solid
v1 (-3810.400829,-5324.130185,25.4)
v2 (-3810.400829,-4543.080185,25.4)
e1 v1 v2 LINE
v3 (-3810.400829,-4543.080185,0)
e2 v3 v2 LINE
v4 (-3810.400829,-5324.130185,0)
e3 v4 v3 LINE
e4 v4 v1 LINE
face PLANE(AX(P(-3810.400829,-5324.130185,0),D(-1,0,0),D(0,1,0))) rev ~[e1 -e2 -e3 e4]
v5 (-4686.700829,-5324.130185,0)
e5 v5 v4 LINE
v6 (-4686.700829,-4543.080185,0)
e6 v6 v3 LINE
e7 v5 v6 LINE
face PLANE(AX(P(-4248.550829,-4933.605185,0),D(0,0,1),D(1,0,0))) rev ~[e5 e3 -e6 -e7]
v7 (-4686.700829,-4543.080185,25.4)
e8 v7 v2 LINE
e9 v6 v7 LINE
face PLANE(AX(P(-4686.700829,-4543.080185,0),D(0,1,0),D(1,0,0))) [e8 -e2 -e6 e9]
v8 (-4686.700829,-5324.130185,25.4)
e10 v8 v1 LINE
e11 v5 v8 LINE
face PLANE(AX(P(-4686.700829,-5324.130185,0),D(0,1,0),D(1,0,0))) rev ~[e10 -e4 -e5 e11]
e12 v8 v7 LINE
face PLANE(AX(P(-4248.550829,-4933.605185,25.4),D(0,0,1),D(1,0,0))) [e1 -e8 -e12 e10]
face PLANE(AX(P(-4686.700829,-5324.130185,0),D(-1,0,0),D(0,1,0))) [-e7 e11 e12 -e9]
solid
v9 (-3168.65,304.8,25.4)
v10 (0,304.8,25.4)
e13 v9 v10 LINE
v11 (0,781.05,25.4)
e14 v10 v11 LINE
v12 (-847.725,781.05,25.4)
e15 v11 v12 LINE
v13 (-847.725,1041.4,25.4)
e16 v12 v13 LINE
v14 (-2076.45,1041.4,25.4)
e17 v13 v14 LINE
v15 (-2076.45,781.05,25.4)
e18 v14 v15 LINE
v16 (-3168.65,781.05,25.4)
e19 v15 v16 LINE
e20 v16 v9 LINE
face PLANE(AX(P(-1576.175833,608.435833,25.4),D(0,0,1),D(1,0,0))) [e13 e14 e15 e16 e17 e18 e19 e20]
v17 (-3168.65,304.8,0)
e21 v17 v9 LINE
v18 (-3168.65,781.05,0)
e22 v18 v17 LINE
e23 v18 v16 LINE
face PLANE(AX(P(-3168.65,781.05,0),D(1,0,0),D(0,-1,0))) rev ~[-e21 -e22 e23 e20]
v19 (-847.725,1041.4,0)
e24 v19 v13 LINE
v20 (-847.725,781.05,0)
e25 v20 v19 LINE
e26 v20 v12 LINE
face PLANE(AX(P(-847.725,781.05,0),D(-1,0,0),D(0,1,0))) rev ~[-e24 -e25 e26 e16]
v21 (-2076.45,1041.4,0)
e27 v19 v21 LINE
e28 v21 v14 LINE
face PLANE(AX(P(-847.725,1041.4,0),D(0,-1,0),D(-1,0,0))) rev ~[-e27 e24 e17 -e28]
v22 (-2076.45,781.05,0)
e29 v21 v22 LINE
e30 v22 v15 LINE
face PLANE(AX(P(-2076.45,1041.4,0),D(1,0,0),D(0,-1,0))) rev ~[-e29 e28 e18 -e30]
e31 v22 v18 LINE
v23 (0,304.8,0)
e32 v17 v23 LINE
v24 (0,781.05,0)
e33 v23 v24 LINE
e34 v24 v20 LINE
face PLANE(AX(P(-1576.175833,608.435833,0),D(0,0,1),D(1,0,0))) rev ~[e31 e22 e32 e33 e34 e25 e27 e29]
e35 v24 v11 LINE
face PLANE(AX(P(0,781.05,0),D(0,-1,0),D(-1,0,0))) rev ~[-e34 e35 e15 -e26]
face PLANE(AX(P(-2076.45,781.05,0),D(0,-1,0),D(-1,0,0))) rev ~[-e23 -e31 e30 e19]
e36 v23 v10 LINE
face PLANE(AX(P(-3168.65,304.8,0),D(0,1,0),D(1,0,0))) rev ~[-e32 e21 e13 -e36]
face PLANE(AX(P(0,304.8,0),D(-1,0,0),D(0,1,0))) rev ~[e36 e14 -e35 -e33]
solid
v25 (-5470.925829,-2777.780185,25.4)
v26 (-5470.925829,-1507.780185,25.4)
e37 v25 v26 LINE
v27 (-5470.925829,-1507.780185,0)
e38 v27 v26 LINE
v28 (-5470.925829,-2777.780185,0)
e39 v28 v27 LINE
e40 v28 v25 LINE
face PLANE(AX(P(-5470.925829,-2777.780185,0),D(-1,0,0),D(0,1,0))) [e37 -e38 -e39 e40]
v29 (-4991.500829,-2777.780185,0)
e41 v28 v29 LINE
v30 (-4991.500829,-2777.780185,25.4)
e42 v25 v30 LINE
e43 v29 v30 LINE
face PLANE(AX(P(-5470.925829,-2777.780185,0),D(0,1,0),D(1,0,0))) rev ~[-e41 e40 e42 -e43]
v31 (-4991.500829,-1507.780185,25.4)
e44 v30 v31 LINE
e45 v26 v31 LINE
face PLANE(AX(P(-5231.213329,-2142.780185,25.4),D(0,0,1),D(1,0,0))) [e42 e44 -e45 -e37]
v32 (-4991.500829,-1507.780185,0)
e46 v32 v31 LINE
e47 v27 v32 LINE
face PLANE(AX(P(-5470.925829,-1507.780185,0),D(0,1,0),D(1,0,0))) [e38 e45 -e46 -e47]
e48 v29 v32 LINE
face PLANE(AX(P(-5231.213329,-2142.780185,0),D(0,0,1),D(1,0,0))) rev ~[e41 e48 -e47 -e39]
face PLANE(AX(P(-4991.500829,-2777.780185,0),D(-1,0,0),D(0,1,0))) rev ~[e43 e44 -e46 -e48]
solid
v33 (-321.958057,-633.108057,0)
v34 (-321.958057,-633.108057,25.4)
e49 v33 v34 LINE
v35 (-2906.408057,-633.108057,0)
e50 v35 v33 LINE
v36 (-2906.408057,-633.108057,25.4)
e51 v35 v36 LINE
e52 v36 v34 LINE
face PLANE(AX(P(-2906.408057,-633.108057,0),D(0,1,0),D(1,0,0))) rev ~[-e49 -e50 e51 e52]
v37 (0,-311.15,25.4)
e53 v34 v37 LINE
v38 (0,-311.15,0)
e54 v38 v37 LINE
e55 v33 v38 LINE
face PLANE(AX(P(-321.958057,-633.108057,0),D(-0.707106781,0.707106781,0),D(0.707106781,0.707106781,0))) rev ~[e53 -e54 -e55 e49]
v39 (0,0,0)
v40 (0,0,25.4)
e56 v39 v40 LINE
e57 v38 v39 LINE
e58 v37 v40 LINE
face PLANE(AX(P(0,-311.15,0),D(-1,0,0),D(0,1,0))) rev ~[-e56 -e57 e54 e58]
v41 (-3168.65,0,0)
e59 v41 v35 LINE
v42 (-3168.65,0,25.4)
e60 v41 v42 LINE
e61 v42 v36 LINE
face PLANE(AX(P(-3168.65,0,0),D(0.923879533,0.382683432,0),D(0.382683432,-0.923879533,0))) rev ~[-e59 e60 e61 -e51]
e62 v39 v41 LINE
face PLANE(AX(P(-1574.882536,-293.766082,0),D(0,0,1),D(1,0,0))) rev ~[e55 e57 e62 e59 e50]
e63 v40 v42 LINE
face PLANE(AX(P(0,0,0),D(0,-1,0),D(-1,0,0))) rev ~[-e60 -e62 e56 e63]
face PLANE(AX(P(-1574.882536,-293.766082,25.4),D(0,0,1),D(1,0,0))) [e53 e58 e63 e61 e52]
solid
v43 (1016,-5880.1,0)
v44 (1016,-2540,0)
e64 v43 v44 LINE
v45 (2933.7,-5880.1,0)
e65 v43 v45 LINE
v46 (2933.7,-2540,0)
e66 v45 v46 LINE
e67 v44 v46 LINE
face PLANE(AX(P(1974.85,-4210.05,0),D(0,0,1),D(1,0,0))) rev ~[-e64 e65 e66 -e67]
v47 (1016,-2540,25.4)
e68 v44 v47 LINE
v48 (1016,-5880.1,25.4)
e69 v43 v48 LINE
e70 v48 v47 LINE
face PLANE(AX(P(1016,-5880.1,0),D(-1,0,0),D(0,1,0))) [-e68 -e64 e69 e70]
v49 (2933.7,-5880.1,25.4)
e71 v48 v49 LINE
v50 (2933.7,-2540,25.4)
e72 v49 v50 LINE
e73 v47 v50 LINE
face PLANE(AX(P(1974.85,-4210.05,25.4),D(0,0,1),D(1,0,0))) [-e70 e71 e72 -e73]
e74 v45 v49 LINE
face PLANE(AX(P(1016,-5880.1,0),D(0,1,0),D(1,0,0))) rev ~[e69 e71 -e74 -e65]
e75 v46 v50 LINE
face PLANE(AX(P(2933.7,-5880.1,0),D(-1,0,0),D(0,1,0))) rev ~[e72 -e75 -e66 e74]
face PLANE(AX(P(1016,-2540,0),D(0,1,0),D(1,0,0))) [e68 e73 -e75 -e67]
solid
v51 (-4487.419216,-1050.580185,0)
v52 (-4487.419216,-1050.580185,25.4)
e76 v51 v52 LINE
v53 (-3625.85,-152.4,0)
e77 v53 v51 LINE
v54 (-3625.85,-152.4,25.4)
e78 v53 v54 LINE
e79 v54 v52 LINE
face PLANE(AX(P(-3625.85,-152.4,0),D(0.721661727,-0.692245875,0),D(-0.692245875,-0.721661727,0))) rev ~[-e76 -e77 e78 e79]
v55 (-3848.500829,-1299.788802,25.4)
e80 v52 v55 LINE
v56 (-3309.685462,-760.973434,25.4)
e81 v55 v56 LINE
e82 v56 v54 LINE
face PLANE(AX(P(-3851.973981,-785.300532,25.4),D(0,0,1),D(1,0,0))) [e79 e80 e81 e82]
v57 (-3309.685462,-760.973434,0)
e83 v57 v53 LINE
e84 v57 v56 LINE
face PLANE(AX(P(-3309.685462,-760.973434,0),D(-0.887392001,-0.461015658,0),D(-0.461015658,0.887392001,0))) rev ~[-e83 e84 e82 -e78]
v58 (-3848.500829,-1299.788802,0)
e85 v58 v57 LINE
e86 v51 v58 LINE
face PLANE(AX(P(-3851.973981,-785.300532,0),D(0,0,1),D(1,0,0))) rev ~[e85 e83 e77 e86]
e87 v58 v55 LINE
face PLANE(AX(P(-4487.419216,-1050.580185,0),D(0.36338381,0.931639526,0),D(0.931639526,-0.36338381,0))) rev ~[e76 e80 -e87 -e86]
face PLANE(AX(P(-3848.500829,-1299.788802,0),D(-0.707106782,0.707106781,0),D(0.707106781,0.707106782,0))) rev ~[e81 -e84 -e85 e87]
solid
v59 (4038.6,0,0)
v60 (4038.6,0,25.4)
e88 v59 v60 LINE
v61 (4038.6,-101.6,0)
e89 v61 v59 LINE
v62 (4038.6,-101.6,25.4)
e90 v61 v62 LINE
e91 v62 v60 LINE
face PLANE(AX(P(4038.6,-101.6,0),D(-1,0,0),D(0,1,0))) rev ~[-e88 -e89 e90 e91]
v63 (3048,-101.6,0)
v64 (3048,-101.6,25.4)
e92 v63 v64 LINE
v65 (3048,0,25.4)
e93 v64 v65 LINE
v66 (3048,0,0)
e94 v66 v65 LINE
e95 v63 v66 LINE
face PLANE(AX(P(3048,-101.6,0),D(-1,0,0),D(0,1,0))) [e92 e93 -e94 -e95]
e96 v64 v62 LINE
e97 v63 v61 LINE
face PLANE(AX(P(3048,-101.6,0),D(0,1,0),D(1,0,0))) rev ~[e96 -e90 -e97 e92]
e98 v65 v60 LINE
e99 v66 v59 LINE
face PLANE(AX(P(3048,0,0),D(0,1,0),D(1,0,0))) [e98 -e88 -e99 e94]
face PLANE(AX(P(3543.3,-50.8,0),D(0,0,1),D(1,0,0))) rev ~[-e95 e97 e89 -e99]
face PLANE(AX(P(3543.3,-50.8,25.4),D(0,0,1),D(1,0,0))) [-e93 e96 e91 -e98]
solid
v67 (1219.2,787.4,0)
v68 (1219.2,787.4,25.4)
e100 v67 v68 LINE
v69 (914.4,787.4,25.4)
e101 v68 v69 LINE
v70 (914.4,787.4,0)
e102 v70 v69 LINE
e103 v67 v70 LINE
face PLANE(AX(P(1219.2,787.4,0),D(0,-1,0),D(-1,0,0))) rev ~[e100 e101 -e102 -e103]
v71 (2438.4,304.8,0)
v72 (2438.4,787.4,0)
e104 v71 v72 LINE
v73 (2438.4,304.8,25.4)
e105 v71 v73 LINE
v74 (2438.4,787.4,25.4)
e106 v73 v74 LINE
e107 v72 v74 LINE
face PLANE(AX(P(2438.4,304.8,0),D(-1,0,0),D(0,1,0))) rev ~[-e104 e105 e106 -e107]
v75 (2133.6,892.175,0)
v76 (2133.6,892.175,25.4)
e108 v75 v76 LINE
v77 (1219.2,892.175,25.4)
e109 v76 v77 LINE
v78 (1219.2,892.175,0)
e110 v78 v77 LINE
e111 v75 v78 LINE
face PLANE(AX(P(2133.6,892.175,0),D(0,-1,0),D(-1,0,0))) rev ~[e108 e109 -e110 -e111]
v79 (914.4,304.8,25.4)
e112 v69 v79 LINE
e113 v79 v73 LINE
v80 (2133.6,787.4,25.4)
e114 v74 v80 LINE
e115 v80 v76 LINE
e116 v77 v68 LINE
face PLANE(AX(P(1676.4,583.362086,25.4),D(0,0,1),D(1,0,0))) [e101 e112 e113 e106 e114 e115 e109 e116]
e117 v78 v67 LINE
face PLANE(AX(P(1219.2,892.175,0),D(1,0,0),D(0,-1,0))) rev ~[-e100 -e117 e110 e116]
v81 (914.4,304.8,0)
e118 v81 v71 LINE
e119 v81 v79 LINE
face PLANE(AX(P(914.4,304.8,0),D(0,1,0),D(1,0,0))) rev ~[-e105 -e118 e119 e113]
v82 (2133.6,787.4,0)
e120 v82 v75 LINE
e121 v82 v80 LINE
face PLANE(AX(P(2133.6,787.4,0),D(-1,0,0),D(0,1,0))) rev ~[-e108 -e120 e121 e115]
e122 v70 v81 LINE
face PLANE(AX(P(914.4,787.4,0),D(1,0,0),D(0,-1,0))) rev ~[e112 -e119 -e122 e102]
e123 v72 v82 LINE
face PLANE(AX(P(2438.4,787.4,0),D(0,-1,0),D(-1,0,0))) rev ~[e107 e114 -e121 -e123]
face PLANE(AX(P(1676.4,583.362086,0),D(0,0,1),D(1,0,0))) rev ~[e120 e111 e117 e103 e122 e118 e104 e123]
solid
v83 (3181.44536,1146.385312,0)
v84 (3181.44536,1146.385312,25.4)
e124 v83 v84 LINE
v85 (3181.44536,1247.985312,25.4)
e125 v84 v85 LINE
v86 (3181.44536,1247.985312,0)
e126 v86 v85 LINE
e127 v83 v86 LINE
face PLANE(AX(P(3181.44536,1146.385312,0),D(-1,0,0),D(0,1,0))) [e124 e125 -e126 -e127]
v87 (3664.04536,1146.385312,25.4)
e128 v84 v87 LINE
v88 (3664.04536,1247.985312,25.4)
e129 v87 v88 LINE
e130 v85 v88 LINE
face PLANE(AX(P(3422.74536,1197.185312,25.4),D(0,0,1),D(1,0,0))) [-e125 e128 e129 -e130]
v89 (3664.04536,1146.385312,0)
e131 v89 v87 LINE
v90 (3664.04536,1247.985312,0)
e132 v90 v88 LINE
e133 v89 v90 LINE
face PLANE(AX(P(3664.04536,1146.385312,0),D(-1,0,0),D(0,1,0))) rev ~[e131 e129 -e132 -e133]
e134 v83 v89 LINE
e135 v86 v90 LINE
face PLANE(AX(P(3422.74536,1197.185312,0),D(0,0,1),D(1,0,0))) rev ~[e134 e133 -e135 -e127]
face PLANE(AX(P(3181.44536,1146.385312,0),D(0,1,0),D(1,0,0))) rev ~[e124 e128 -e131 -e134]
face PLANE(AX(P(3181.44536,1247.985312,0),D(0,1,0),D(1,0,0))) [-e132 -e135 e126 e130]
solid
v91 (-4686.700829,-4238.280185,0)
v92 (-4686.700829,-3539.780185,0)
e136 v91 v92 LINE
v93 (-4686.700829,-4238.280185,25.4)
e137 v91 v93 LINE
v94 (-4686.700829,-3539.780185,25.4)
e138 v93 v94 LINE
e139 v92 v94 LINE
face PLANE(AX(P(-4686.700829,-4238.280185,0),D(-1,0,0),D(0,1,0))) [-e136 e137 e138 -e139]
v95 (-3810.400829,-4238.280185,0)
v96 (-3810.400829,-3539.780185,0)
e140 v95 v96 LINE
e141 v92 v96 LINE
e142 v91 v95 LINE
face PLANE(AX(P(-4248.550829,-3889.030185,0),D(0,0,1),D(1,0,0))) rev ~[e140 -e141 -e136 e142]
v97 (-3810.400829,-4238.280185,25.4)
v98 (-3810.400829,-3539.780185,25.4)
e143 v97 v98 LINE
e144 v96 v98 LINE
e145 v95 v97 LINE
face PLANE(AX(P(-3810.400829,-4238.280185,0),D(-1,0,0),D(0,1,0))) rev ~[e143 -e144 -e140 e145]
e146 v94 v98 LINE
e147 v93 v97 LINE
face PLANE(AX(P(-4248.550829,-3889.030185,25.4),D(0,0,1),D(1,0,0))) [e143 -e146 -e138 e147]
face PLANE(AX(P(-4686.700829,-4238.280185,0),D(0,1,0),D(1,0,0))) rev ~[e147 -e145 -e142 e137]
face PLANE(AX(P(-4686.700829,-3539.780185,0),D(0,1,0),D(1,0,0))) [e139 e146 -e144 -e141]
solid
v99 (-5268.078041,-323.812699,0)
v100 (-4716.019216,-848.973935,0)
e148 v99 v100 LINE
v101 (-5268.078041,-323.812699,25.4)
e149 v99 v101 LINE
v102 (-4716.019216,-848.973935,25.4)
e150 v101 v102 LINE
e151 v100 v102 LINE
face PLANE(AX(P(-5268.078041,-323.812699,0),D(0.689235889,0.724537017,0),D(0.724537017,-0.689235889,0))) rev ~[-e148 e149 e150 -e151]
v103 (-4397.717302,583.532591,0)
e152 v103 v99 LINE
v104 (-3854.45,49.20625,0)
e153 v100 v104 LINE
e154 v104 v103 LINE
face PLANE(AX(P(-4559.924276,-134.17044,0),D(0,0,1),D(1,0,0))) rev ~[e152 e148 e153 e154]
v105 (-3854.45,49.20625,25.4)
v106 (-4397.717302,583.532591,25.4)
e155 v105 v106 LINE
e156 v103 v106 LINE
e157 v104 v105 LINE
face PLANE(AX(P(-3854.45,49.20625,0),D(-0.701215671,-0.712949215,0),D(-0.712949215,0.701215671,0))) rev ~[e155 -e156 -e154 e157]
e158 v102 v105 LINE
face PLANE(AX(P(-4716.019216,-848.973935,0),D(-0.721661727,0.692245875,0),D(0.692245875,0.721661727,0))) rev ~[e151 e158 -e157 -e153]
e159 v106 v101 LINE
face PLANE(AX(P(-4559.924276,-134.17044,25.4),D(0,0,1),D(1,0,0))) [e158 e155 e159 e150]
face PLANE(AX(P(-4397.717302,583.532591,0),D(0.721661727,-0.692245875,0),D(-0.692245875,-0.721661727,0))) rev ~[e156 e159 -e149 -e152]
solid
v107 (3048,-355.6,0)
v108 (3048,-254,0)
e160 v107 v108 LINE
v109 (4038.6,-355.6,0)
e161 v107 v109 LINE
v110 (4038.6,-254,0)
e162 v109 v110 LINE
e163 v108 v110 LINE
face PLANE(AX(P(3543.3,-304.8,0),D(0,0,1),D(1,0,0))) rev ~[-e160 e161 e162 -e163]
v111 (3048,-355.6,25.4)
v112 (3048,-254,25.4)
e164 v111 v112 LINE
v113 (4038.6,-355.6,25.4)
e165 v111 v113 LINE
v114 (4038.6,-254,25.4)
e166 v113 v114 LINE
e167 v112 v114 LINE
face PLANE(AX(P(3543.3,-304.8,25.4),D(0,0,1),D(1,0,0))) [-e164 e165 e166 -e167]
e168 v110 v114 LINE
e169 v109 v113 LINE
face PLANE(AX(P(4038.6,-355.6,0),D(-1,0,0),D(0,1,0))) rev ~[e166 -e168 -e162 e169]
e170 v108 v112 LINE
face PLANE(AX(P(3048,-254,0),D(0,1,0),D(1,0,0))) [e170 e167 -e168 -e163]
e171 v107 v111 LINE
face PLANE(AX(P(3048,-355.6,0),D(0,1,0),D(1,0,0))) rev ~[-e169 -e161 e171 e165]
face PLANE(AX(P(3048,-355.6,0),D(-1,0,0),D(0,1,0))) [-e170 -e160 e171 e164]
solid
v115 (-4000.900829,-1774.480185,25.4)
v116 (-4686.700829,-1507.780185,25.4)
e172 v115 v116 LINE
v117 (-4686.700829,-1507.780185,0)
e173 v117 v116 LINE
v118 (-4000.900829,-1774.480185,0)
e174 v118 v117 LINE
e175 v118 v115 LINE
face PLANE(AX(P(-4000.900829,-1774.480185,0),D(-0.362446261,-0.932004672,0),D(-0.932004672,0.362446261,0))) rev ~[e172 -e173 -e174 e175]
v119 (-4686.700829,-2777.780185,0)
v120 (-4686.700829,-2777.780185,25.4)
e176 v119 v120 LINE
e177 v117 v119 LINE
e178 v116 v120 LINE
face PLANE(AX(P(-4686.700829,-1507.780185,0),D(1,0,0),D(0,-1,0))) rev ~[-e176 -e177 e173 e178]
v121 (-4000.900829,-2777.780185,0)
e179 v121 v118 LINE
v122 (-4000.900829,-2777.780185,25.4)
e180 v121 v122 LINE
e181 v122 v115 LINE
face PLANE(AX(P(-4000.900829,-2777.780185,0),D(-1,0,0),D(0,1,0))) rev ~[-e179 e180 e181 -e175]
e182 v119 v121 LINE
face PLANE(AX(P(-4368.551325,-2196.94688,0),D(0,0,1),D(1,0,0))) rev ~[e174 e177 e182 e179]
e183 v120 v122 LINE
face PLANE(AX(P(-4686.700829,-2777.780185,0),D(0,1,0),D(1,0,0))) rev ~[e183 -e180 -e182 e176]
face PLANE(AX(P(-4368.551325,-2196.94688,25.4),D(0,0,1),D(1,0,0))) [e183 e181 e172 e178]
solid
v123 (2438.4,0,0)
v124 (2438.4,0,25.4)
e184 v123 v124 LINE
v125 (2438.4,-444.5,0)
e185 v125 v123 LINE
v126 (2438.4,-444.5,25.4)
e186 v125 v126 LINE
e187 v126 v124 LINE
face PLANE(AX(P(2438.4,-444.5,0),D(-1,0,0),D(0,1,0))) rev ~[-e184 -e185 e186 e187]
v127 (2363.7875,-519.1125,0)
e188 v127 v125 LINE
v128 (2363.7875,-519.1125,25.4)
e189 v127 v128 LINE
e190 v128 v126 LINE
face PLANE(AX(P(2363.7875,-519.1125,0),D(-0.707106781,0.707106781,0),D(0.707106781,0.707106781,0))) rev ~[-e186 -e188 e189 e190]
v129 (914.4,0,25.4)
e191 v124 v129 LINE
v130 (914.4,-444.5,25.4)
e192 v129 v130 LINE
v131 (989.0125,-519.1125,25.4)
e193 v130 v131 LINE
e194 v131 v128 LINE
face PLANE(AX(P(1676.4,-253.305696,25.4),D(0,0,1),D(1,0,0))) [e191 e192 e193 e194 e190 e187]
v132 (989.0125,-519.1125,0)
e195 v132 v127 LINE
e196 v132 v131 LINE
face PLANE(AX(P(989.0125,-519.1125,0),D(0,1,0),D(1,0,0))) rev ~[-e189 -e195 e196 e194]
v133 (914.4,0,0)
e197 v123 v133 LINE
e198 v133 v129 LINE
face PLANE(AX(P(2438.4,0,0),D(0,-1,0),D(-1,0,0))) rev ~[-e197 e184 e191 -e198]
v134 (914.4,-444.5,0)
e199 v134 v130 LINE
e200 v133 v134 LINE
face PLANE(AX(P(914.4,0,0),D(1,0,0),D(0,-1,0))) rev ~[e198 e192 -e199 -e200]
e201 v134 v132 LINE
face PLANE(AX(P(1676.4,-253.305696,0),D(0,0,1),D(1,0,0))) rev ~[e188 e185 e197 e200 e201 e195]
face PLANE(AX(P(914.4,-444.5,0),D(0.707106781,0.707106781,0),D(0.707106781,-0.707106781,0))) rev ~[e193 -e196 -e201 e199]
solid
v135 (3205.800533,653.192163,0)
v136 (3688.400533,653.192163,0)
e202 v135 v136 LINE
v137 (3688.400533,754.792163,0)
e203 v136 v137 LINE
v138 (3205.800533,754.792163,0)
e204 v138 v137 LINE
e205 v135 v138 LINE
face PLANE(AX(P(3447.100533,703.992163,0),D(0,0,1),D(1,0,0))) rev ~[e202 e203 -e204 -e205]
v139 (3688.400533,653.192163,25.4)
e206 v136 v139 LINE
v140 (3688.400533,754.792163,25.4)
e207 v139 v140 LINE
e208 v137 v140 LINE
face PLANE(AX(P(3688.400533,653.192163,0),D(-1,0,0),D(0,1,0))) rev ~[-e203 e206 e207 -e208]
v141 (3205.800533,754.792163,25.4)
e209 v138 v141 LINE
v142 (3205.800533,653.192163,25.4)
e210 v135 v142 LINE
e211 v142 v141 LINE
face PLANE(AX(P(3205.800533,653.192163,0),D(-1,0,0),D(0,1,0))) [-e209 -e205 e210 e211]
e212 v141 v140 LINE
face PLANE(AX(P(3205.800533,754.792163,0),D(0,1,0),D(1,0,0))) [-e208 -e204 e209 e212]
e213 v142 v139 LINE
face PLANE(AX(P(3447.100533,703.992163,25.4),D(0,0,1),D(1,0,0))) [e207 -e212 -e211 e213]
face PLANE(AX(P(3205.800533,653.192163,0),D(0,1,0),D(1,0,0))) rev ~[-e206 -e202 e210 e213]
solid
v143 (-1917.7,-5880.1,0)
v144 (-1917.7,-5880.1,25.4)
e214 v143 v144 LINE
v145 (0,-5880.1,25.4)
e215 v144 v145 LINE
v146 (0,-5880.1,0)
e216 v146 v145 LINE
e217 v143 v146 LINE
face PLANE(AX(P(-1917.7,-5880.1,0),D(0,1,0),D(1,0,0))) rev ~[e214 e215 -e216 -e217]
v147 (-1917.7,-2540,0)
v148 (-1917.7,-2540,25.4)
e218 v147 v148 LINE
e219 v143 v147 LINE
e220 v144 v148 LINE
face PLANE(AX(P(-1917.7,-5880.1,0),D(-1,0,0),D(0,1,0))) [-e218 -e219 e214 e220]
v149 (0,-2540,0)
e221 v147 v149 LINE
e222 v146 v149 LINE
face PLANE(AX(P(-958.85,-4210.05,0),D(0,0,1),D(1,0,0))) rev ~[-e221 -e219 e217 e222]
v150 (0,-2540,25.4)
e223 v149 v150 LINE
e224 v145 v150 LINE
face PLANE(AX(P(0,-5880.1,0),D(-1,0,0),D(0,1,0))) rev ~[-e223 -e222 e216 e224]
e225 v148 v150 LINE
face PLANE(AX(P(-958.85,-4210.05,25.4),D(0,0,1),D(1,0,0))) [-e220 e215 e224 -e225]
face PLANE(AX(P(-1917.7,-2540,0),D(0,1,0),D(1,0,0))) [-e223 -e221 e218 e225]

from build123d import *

# Parameters (mm, degrees)
F0_W     = 876.3
F0_H     = 698.5
F0_H_2   = 781.05
F0_W_2   = 1917.7
F0_H_3   = 3340.1
F0_W_3   = 479.425
F0_H_4   = 1270
F0_W_4   = 990.6
F0_H_5   = 101.6
F0_W_5   = 482.6
F1_DEPTH = 25.4


with BuildPart() as f1:
    # F0 (on Top) → F1 (new body)
    with BuildSketch(Plane.XY):
        Polygon((-3848.500829, -1299.788802), (-3309.685462, -760.973434), (-3625.85, -152.4), (-4487.419216, -1050.580185), align=None)
        Polygon((0, 0), (-3168.65, 0), (-2906.408057, -633.108057), (-321.958057, -633.108057), (0, -311.15), align=None)
        Polygon((-2076.45, 781.05), (-3168.65, 781.05), (-3168.65, 304.8), (0, 304.8), (0, 781.05), (-847.725, 781.05), (-847.725, 1041.4), (-2076.45, 1041.4), align=None)
        Polygon((-4000.900829, -1774.480185), (-4686.700829, -1507.780185), (-4686.700829, -2777.780185), (-4000.900829, -2777.780185), align=None)
        with Locations((-4248.550829, -3889.030185)):
            Rectangle(F0_W, F0_H)
        with Locations((-4248.550829, -4933.605185)):
            Rectangle(F0_W, F0_H_2)
        with Locations((-958.85, -4210.05)):
            Rectangle(F0_W_2, F0_H_3)
        with Locations((1974.85, -4210.05)):
            Rectangle(F0_W_2, F0_H_3)
        with Locations((-5231.213329, -2142.780185)):
            Rectangle(F0_W_3, F0_H_4)
        Polygon((1219.2, 787.4), (914.4, 787.4), (914.4, 304.8), (2438.4, 304.8), (2438.4, 787.4), (2133.6, 787.4), (2133.6, 892.175), (1219.2, 892.175), align=None)
        Polygon((2438.4, 0), (914.4, 0), (914.4, -444.5), (989.0125, -519.1125), (2363.7875, -519.1125), (2438.4, -444.5), align=None)
        Polygon((-4716.019216, -848.973935), (-3854.45, 49.20625), (-4397.717302, 583.532591), (-5268.078041, -323.812699), align=None)
        with Locations((3543.3, -50.8)):
            Rectangle(F0_W_4, F0_H_5)
        with Locations((3543.3, -304.8)):
            Rectangle(F0_W_4, F0_H_5)
        with Locations((3422.74536, 1197.185312)):
            Rectangle(F0_W_5, F0_H_5)
        with Locations((3447.100533, 703.992163)):
            Rectangle(F0_W_5, F0_H_5)
    extrude(amount=F1_DEPTH)


solid = f1.part
